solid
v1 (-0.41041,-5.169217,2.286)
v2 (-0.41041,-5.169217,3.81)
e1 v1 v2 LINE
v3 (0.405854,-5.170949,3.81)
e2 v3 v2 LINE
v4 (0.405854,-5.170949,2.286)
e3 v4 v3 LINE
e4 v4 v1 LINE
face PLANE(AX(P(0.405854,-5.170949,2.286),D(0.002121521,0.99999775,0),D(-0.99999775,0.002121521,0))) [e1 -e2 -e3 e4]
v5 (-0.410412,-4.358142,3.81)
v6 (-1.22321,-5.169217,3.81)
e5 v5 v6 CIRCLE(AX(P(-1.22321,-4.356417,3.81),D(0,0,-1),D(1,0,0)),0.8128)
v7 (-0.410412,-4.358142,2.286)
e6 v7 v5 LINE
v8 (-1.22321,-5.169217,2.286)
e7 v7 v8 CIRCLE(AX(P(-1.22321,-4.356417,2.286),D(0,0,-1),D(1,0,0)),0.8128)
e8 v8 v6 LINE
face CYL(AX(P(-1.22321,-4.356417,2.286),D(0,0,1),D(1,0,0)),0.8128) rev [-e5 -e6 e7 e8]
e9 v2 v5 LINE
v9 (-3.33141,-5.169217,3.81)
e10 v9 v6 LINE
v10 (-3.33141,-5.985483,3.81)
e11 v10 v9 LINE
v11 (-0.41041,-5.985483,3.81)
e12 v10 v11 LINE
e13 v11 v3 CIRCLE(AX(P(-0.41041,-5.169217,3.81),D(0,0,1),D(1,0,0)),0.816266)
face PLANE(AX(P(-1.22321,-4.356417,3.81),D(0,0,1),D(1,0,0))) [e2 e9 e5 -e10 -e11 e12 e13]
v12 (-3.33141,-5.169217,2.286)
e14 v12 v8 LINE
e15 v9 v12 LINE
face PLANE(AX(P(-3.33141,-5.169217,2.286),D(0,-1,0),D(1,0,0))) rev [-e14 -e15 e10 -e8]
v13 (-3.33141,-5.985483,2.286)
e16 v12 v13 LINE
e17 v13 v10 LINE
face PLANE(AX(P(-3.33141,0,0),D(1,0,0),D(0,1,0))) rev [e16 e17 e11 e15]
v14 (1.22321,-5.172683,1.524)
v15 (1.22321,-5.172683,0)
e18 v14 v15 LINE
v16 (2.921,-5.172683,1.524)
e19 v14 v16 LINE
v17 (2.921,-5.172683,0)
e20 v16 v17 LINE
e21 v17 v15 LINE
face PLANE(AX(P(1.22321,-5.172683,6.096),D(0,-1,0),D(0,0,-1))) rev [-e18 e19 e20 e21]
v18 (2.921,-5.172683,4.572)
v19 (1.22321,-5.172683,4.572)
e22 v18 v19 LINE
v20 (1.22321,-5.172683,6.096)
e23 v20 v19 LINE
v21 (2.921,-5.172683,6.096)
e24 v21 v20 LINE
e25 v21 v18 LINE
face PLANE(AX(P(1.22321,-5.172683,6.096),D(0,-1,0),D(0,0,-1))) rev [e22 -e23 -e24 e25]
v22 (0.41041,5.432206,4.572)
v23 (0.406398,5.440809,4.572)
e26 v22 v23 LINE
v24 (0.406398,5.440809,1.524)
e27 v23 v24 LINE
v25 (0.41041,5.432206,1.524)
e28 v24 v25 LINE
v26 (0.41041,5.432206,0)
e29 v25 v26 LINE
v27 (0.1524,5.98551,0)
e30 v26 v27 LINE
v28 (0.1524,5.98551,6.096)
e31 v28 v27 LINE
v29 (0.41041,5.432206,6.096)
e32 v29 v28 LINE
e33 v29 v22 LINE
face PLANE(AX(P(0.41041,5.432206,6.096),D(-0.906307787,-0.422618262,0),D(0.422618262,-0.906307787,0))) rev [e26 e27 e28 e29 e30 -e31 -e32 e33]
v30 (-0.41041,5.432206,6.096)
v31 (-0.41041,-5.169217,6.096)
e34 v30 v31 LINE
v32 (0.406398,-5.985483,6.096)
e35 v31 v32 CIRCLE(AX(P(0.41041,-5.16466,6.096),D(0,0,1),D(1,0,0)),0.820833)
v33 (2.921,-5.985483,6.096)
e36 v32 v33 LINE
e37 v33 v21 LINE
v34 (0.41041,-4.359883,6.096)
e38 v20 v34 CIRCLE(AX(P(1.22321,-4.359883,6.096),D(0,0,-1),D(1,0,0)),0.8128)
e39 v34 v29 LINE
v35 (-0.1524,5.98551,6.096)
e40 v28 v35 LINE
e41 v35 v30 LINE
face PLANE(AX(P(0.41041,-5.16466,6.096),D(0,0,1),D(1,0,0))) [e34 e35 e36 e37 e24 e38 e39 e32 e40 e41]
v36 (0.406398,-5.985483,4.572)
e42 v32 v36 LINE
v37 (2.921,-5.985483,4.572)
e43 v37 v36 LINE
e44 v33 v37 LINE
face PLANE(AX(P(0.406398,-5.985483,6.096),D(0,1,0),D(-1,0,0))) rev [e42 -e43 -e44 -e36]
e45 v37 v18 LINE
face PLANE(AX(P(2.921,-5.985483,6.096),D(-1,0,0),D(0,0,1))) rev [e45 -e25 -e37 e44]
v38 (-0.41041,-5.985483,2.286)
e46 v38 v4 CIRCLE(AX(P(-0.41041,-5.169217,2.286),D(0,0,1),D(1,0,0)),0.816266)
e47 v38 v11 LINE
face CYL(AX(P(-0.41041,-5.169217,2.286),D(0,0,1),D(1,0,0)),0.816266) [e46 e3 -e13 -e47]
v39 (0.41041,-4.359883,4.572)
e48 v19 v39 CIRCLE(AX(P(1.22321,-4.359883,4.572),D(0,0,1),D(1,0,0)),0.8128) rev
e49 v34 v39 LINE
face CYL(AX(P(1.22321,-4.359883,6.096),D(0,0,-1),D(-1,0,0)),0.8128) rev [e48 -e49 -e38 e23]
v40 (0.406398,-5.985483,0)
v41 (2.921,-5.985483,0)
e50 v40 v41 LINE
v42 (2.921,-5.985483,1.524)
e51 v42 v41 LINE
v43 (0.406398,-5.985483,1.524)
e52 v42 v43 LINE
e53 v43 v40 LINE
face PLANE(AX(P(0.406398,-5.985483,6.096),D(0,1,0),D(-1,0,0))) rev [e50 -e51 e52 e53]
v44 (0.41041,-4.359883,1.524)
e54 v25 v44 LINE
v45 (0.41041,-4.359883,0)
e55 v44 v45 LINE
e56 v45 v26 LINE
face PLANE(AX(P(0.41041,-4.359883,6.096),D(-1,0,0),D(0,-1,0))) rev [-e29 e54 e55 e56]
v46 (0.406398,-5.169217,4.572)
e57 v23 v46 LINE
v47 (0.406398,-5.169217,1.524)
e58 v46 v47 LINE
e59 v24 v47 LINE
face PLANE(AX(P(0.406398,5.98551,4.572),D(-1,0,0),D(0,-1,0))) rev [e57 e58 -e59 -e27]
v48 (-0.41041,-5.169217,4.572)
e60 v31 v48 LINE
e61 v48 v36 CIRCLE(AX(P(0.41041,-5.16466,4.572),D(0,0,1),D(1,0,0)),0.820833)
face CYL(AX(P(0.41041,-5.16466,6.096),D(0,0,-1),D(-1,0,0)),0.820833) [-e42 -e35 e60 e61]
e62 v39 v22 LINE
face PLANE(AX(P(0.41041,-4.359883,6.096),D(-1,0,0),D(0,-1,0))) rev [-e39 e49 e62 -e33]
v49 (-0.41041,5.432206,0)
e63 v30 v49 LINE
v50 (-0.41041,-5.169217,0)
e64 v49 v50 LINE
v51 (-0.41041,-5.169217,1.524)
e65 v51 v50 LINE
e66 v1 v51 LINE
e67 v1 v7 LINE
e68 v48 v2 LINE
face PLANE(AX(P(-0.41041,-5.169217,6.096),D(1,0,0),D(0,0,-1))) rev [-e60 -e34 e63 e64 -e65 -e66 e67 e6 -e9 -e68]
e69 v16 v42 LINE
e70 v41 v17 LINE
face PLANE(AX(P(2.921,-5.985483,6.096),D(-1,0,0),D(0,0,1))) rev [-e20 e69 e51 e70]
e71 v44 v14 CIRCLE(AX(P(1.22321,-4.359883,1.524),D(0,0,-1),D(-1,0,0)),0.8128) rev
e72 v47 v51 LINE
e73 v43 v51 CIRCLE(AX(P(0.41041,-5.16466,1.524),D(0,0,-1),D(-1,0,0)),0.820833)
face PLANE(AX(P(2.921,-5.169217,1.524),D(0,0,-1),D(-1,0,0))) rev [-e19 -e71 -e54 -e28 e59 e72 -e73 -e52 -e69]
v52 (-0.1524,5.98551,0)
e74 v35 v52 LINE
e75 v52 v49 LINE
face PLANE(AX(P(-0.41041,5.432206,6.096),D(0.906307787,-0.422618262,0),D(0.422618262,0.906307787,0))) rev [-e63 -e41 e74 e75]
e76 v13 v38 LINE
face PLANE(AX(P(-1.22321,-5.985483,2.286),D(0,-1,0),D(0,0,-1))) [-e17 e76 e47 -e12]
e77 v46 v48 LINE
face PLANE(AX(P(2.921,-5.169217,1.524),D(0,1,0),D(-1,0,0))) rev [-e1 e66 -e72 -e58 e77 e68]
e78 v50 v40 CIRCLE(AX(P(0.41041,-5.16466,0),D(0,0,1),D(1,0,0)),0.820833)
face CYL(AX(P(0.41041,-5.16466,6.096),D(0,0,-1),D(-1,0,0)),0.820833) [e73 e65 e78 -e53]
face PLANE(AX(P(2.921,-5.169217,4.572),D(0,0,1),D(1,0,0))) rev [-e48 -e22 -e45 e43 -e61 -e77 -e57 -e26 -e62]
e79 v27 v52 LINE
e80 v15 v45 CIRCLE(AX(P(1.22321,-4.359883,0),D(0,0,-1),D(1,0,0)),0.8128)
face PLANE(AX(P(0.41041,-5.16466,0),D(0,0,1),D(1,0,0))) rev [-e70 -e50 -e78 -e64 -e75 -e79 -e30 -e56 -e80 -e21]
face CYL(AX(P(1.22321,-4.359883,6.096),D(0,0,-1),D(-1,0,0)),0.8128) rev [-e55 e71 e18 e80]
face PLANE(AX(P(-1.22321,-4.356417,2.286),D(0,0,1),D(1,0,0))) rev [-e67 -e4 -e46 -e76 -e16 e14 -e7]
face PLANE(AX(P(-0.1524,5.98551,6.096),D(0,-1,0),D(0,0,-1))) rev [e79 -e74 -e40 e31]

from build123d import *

# Parameters (mm, degrees)
BOSS_EXTRUDE1_DEPTH = 6.096
SKETCH2_W           = 3.048
SKETCH2_H           = 0.816265766
CUT_EXTRUDE1_DEPTH  = 10.169833116
SKETCH3_W           = 1.524
SKETCH3_H           = 0.816265766
BOSS_EXTRUDE2_DEPTH = 2.921
BOSS_EXTRUDE3_DEPTH = 1.524
SKETCH7_W           = 0.741832356
SKETCH7_H           = 3.048
CUT_EXTRUDE3_DEPTH  = 14.141059814


with BuildPart() as part:
    # Sketch1 → Boss-Extrude1 (new body)
    with BuildSketch(Plane.XY):
        with BuildLine():
            Line((0.410410125, 5.432205501), (0.1524, 5.98551))
            Line((0.1524, 5.98551), (-0.1524, 5.98551))
            Line((-0.1524, 5.98551), (-0.410410125, 5.432205501))
            Line((-0.410410125, 5.432205501), (-0.410410125, -5.169217411))
            ThreePointArc((-0.410410125, -5.169217411), (-0.169813529, -5.745269384), (0.406398179, -5.985483177))
            Line((0.406398179, -5.985483177), (2.921, -5.985483177))
            Line((2.921, -5.985483177), (2.921, -5.172683177))
            Line((2.921, -5.172683177), (1.223210125, -5.172683177))
            ThreePointArc((1.223210125, -5.172683177), (0.648473733, -4.934619569), (0.410410125, -4.359883177))
            Line((0.410410125, -4.359883177), (0.410410125, 5.432205501))
        make_face()
    extrude(amount=BOSS_EXTRUDE1_DEPTH)

    # Sketch2 → Cut-Extrude1 (cut, through all)
    with BuildSketch(Plane.ZY.offset(0.410410125)):
        with Locations((3.048, -5.577350294)):
            Rectangle(SKETCH2_W, SKETCH2_H)
    extrude(amount=-CUT_EXTRUDE1_DEPTH, mode=Mode.SUBTRACT)


with BuildPart() as body_2:
    # Sketch3 → Boss-Extrude2 (new body)
    with BuildSketch(Plane.ZY.offset(0.410410125)):
        with Locations((3.048, -5.577350294)):
            Rectangle(SKETCH3_W, SKETCH3_H)
    extrude(amount=BOSS_EXTRUDE2_DEPTH)


with BuildPart() as boss_extrude3_tool:
    # Sketch4 → Boss-Extrude3 (new body)
    with BuildSketch(Plane.XY.offset(3.81)):
        with BuildLine():
            Line((-1.223210125, -5.169217411), (-1.223210125, -5.985483177))
            Line((-1.223210125, -5.985483177), (-0.410410125, -5.985483177))
            ThreePointArc((-0.410410125, -5.985483177), (0.166164352, -5.747016402), (0.405853805, -5.170949135))
            Line((0.405853805, -5.170949135), (-0.410410125, -5.169217411))
            Line((-0.410410125, -5.169217411), (-0.410411954, -4.358141783))
            ThreePointArc((-0.410411954, -4.358141783), (-0.649083714, -4.931763137), (-1.223210125, -5.169217411))
        make_face()
    extrude(amount=-BOSS_EXTRUDE3_DEPTH)


with BuildPart() as part_1:
    add(part.part)


with BuildPart() as part_2:
    # Boss-Extrude3: joined with boss_extrude3_tool
    add(part_1.part.fuse(boss_extrude3_tool.part, body_2.part, tol=0.00001))

    # Sketch7 → Cut-Extrude3 (cut, through all)
    with BuildSketch(Plane.XZ.offset(5.169217411)):
        with Locations((0.777314357, 3.048)):
            Rectangle(SKETCH7_W, SKETCH7_H)
    extrude(amount=-CUT_EXTRUDE3_DEPTH, mode=Mode.SUBTRACT)


solid = part_2.part
